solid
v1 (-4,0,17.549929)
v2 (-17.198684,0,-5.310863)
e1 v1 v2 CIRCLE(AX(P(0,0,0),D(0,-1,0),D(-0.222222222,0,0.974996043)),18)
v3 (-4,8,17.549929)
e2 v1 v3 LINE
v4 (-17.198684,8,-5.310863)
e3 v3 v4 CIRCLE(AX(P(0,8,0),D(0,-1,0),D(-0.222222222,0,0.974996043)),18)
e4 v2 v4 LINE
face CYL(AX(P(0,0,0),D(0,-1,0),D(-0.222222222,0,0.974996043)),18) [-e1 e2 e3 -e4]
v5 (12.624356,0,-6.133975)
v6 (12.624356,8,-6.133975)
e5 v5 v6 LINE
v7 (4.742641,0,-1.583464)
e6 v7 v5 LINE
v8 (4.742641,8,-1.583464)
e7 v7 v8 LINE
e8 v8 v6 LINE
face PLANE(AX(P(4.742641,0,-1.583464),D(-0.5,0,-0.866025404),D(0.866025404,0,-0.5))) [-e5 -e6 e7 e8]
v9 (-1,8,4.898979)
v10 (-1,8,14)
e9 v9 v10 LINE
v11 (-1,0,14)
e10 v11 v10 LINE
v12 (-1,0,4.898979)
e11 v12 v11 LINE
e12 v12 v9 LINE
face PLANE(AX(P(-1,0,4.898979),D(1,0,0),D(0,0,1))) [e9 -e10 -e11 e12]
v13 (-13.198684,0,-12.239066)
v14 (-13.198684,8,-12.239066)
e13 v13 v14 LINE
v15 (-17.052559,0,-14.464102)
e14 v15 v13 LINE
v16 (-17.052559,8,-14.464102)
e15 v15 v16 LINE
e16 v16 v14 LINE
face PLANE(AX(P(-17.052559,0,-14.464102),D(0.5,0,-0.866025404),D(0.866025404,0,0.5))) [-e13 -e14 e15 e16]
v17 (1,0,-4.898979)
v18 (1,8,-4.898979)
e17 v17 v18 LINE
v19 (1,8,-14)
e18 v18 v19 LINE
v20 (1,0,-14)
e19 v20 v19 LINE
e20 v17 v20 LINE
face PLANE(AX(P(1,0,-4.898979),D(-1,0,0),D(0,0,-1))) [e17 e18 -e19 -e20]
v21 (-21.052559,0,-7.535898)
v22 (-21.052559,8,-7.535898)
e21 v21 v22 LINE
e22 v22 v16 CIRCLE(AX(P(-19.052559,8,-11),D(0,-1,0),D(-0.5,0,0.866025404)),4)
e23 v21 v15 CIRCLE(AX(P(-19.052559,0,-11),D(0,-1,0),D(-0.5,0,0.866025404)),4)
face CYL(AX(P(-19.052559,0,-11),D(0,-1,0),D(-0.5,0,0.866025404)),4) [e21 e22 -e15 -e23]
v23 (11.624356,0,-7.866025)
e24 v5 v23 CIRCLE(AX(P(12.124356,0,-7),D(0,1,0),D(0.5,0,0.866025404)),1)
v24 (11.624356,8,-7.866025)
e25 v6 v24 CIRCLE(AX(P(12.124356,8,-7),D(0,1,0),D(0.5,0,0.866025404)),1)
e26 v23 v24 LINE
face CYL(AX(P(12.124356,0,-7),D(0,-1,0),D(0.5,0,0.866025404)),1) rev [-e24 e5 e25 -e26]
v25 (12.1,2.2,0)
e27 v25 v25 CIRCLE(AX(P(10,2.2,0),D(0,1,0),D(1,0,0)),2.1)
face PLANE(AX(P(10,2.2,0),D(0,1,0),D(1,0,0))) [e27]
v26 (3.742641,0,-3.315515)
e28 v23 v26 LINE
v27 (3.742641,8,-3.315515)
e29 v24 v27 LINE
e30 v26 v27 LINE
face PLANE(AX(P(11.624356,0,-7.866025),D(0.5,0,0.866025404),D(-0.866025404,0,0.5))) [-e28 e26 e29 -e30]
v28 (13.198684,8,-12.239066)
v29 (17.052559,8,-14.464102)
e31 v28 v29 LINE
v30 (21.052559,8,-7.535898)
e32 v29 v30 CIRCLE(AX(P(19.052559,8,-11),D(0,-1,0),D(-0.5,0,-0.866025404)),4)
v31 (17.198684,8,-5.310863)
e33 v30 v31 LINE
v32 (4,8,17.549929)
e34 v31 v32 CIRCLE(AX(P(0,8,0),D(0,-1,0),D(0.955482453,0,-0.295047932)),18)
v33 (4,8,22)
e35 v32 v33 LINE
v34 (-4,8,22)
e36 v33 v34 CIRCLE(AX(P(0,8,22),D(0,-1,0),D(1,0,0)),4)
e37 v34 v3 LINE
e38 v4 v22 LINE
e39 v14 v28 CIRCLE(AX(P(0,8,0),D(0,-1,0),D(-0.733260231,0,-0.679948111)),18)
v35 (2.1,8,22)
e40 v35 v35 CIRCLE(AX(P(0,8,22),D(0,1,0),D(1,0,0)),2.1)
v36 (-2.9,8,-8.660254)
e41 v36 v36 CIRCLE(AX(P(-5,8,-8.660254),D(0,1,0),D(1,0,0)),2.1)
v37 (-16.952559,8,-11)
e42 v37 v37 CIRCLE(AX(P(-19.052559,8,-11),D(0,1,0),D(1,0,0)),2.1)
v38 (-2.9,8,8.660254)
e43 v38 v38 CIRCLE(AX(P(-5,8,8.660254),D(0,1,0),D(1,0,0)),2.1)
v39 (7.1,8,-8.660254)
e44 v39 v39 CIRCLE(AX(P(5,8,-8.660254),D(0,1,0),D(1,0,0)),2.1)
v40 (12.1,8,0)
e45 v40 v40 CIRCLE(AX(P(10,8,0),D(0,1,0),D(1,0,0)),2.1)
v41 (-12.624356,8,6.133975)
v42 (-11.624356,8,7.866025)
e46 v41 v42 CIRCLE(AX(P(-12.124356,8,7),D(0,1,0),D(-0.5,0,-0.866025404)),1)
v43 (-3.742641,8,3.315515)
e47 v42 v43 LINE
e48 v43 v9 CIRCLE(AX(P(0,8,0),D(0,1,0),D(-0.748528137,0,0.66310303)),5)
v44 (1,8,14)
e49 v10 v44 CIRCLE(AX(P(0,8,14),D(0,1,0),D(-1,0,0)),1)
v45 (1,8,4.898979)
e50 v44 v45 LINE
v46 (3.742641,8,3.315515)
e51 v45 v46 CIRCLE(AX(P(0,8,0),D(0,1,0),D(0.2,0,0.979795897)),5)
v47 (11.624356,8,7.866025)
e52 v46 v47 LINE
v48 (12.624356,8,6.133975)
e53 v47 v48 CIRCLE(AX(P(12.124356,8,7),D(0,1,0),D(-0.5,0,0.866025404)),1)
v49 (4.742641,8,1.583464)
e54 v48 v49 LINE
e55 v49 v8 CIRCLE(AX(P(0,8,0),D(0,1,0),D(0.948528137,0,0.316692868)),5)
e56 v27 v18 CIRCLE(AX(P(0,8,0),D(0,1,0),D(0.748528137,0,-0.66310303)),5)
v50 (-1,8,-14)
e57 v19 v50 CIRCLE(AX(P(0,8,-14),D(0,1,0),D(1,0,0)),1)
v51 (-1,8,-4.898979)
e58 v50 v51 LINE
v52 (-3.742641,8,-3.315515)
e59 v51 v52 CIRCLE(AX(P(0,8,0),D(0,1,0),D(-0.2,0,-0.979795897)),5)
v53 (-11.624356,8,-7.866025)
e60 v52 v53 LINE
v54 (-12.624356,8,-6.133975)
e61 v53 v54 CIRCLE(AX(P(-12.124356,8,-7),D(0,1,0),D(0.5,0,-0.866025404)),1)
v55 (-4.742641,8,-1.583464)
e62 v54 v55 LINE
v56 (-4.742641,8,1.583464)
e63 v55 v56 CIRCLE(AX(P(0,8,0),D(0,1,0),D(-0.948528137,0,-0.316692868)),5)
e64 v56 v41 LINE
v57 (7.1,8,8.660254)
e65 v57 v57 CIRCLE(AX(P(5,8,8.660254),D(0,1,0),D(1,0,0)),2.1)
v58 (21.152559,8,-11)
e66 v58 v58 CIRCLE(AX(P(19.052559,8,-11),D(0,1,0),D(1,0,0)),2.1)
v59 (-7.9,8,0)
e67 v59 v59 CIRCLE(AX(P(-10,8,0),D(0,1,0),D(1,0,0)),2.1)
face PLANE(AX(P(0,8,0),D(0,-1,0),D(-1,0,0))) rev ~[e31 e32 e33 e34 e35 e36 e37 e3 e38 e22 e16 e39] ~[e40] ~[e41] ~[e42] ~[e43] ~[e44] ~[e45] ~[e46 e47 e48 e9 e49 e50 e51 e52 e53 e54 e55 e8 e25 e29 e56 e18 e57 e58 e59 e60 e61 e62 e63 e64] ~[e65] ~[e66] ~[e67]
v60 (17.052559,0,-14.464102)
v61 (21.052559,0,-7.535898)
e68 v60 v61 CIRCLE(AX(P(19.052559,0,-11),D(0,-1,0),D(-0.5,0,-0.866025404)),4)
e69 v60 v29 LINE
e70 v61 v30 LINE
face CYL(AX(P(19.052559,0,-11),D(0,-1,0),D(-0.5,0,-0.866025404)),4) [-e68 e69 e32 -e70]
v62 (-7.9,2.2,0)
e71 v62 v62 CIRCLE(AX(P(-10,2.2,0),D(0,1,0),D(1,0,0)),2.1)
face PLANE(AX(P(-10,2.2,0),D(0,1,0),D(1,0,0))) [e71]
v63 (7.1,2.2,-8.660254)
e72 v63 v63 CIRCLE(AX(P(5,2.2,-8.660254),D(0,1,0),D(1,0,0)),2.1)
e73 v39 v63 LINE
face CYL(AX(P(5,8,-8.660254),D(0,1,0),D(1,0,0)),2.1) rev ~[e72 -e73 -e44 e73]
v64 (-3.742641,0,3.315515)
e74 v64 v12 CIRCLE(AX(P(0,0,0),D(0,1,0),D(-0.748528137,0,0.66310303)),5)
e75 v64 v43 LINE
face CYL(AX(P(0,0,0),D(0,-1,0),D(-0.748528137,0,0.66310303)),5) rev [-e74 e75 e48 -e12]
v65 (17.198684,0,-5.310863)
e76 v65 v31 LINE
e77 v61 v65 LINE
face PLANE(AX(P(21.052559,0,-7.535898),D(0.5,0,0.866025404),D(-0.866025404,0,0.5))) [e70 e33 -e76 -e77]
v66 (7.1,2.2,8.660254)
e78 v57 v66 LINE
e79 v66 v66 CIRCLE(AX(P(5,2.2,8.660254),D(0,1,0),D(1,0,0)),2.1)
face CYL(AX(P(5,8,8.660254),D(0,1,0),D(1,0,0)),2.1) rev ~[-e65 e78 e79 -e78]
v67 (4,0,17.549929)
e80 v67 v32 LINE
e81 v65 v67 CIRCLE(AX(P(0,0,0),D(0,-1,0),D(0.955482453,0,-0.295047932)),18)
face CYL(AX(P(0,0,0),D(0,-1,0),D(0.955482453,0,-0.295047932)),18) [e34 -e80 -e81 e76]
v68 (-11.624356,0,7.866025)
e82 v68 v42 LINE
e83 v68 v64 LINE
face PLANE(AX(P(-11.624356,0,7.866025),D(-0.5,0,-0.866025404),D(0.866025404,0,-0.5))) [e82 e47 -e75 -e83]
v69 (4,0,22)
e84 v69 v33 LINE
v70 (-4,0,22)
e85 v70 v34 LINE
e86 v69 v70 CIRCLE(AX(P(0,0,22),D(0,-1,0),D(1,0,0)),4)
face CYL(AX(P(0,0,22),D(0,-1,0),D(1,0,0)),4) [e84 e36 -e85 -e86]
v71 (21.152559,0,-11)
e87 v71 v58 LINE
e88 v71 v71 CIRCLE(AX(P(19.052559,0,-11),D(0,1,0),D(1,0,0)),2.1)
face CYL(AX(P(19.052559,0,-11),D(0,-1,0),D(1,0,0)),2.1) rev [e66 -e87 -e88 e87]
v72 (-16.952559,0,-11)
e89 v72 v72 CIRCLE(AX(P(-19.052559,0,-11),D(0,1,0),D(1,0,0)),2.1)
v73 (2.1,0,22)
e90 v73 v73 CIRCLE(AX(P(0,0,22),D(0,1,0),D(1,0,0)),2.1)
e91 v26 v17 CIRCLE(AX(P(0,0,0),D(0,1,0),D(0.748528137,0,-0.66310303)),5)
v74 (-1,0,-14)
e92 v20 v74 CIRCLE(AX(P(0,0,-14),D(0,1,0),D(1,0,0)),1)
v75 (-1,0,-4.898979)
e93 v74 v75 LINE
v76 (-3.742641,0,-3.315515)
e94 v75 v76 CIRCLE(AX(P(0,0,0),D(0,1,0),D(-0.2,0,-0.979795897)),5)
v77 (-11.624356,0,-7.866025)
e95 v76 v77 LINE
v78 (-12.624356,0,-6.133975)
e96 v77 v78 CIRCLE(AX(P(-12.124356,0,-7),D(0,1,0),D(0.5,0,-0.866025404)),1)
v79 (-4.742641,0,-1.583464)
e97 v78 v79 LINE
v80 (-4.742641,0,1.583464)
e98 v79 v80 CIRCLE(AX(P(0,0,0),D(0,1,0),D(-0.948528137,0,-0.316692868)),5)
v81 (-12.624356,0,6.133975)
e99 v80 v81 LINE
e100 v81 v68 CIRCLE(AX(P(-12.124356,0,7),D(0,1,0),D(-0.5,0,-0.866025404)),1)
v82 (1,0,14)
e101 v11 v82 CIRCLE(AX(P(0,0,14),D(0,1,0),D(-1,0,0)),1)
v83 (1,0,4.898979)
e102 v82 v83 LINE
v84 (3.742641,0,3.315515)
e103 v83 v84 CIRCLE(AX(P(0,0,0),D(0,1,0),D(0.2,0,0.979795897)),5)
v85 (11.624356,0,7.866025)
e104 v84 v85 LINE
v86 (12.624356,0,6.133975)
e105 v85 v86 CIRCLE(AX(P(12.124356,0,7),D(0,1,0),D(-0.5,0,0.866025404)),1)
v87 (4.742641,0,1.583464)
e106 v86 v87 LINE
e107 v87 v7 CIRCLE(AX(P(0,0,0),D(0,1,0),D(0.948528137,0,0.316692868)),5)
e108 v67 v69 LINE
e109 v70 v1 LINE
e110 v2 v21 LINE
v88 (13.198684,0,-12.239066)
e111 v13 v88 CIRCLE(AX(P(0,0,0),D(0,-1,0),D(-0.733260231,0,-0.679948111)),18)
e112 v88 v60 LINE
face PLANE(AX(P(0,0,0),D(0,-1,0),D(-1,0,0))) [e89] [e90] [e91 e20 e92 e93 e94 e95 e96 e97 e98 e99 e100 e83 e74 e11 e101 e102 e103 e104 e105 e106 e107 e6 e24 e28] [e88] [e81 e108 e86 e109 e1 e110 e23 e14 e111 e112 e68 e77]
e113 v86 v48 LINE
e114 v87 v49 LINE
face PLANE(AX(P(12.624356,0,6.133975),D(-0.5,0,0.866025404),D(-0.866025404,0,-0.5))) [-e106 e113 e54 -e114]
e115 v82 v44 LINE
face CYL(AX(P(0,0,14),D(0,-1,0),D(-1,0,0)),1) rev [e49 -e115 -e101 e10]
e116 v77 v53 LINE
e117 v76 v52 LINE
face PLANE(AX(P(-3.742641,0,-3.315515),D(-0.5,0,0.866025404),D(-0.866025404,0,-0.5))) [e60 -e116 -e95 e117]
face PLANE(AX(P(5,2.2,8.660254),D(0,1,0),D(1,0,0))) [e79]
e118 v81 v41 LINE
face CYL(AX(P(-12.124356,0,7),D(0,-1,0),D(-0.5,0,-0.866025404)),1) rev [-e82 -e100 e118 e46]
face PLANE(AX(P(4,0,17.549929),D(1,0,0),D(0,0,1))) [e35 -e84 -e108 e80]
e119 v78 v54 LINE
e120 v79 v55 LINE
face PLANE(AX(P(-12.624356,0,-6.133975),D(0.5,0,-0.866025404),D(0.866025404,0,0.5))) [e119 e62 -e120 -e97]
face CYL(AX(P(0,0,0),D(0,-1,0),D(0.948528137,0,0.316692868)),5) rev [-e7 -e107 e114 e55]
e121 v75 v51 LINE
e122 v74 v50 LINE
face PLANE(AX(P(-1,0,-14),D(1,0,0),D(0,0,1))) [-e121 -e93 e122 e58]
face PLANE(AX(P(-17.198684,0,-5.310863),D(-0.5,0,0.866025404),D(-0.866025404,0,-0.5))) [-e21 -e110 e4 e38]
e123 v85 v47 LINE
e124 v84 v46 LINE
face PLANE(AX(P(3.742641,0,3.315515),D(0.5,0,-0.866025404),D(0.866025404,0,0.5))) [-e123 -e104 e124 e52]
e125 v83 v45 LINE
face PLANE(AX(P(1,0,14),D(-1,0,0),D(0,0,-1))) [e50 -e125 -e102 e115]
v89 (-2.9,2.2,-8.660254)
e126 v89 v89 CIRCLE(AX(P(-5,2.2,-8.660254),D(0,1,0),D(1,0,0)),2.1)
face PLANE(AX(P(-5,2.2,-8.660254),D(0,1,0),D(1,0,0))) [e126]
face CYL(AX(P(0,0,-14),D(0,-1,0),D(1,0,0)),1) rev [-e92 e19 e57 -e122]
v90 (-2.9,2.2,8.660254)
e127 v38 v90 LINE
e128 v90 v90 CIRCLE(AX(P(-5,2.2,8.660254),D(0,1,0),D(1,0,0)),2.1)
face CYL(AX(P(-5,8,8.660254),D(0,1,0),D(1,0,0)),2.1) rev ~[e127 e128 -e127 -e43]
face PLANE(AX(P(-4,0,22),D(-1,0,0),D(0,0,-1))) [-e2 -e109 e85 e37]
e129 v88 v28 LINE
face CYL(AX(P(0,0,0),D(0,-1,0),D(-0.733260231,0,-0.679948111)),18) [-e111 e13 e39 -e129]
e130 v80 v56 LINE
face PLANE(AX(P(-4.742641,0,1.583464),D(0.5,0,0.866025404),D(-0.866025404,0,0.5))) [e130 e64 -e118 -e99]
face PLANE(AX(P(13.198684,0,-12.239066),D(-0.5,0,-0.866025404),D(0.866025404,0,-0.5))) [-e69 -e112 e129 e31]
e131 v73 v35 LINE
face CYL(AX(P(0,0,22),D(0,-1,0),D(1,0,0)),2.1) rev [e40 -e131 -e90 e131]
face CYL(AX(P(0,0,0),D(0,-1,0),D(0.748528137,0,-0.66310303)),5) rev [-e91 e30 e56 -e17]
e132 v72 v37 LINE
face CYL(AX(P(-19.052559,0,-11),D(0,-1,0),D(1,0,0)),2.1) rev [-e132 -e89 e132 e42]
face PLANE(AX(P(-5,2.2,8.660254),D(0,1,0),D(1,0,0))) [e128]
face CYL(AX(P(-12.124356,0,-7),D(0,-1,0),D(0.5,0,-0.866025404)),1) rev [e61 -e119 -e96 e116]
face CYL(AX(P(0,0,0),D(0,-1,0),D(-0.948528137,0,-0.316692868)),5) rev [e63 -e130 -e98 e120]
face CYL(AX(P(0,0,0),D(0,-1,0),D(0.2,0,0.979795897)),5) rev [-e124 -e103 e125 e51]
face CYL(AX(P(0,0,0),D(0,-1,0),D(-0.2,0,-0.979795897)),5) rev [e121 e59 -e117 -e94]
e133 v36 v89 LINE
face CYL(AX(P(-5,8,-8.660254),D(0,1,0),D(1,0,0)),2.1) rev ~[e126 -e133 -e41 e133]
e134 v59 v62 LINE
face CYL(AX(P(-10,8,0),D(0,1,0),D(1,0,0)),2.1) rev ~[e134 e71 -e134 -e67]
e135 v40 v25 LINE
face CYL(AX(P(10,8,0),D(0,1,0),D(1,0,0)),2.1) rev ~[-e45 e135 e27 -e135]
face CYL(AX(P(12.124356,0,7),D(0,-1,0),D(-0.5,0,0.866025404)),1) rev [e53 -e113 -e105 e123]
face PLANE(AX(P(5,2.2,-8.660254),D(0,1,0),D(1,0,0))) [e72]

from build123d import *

# Parameters (mm, degrees)
SKETCH1_R           = 2.1
BOSS_EXTRUDE1_DEPTH = 8
SKETCH2_R           = 2.1
CUT_EXTRUDE1_DEPTH  = 5.8


with BuildPart() as part:
    # Sketch1 → Boss-Extrude1 (new body)
    with BuildSketch(Plane(origin=(0, 0, 0), x_dir=(1, 0, 0), z_dir=(0, 1, 0))):
        with BuildLine():
            Line((-4, -22), (-4, -17.549928775))
            ThreePointArc((-4, -17.549928775), (-15.588457268, -9), (-17.198684154, 5.310862772))
            Line((-17.198684154, 5.310862772), (-21.052558883, 7.535898385))
            ThreePointArc((-21.052558883, 7.535898385), (-22.516660498, 13), (-17.052558883, 14.464101615))
            Line((-17.052558883, 14.464101615), (-13.198684154, 12.239066003))
            ThreePointArc((-13.198684154, 12.239066003), (0, 18), (13.198684154, 12.239066003))
            Line((13.198684154, 12.239066003), (17.052558883, 14.464101615))
            ThreePointArc((17.052558883, 14.464101615), (22.516660498, 13), (21.052558883, 7.535898385))
            Line((21.052558883, 7.535898385), (17.198684154, 5.310862772))
            ThreePointArc((17.198684154, 5.310862772), (15.588457268, -9), (4, -17.549928775))
            Line((4, -17.549928775), (4, -22))
            ThreePointArc((4, -22), (0, -26), (-4, -22))
        make_face()
        with Locations((0, -22)):
            Circle(SKETCH1_R, mode=Mode.SUBTRACT)
        with Locations((-19.052558883, 11)):
            Circle(SKETCH1_R, mode=Mode.SUBTRACT)
        with Locations((19.052558883, 11)):
            Circle(SKETCH1_R, mode=Mode.SUBTRACT)
        with BuildLine():
            Line((1, 4.898979486), (1, 14))
            ThreePointArc((1, 14), (0, 15), (-1, 14))
            Line((-1, 14), (-1, 4.898979486))
            ThreePointArc((-1, 4.898979486), (-2.5, 4.330127019), (-3.742640687, 3.315515147))
            Line((-3.742640687, 3.315515147), (-11.624355653, 7.866025404))
            ThreePointArc((-11.624355653, 7.866025404), (-12.990381057, 7.5), (-12.624355653, 6.133974596))
            Line((-12.624355653, 6.133974596), (-4.742640687, 1.583464339))
            ThreePointArc((-4.742640687, 1.583464339), (-5, 0), (-4.742640687, -1.583464339))
            Line((-4.742640687, -1.583464339), (-12.624355653, -6.133974596))
            ThreePointArc((-12.624355653, -6.133974596), (-12.990381057, -7.5), (-11.624355653, -7.866025404))
            Line((-11.624355653, -7.866025404), (-3.742640687, -3.315515147))
            ThreePointArc((-3.742640687, -3.315515147), (-2.5, -4.330127019), (-1, -4.898979486))
            Line((-1, -4.898979486), (-1, -14))
            ThreePointArc((-1, -14), (0, -15), (1, -14))
            Line((1, -14), (1, -4.898979486))
            ThreePointArc((1, -4.898979486), (2.5, -4.330127019), (3.742640687, -3.315515147))
            Line((3.742640687, -3.315515147), (11.624355653, -7.866025404))
            ThreePointArc((11.624355653, -7.866025404), (12.990381057, -7.5), (12.624355653, -6.133974596))
            Line((12.624355653, -6.133974596), (4.742640687, -1.583464339))
            ThreePointArc((4.742640687, -1.583464339), (5, 0), (4.742640687, 1.583464339))
            Line((4.742640687, 1.583464339), (12.624355653, 6.133974596))
            ThreePointArc((12.624355653, 6.133974596), (12.990381057, 7.5), (11.624355653, 7.866025404))
            Line((11.624355653, 7.866025404), (3.742640687, 3.315515147))
            ThreePointArc((3.742640687, 3.315515147), (2.5, 4.330127019), (1, 4.898979486))
        make_face(mode=Mode.SUBTRACT)
    extrude(amount=BOSS_EXTRUDE1_DEPTH)

    # Sketch2 → Cut-Extrude1 (cut)
    with BuildSketch(Plane(origin=(0, 8, 0), x_dir=(1, 0, 0), z_dir=(0, 1, 0))):
        with Locations((10, 0)):
            Circle(SKETCH2_R)
        with Locations((5, -8.660254038)):
            Circle(SKETCH2_R)
        with Locations((-5, -8.660254038)):
            Circle(SKETCH2_R)
        with Locations((-10, 0)):
            Circle(SKETCH2_R)
        with Locations((-5, 8.660254038)):
            Circle(SKETCH2_R)
        with Locations((5, 8.660254038)):
            Circle(SKETCH2_R)
    extrude(amount=-CUT_EXTRUDE1_DEPTH, mode=Mode.SUBTRACT)


solid = part.part
